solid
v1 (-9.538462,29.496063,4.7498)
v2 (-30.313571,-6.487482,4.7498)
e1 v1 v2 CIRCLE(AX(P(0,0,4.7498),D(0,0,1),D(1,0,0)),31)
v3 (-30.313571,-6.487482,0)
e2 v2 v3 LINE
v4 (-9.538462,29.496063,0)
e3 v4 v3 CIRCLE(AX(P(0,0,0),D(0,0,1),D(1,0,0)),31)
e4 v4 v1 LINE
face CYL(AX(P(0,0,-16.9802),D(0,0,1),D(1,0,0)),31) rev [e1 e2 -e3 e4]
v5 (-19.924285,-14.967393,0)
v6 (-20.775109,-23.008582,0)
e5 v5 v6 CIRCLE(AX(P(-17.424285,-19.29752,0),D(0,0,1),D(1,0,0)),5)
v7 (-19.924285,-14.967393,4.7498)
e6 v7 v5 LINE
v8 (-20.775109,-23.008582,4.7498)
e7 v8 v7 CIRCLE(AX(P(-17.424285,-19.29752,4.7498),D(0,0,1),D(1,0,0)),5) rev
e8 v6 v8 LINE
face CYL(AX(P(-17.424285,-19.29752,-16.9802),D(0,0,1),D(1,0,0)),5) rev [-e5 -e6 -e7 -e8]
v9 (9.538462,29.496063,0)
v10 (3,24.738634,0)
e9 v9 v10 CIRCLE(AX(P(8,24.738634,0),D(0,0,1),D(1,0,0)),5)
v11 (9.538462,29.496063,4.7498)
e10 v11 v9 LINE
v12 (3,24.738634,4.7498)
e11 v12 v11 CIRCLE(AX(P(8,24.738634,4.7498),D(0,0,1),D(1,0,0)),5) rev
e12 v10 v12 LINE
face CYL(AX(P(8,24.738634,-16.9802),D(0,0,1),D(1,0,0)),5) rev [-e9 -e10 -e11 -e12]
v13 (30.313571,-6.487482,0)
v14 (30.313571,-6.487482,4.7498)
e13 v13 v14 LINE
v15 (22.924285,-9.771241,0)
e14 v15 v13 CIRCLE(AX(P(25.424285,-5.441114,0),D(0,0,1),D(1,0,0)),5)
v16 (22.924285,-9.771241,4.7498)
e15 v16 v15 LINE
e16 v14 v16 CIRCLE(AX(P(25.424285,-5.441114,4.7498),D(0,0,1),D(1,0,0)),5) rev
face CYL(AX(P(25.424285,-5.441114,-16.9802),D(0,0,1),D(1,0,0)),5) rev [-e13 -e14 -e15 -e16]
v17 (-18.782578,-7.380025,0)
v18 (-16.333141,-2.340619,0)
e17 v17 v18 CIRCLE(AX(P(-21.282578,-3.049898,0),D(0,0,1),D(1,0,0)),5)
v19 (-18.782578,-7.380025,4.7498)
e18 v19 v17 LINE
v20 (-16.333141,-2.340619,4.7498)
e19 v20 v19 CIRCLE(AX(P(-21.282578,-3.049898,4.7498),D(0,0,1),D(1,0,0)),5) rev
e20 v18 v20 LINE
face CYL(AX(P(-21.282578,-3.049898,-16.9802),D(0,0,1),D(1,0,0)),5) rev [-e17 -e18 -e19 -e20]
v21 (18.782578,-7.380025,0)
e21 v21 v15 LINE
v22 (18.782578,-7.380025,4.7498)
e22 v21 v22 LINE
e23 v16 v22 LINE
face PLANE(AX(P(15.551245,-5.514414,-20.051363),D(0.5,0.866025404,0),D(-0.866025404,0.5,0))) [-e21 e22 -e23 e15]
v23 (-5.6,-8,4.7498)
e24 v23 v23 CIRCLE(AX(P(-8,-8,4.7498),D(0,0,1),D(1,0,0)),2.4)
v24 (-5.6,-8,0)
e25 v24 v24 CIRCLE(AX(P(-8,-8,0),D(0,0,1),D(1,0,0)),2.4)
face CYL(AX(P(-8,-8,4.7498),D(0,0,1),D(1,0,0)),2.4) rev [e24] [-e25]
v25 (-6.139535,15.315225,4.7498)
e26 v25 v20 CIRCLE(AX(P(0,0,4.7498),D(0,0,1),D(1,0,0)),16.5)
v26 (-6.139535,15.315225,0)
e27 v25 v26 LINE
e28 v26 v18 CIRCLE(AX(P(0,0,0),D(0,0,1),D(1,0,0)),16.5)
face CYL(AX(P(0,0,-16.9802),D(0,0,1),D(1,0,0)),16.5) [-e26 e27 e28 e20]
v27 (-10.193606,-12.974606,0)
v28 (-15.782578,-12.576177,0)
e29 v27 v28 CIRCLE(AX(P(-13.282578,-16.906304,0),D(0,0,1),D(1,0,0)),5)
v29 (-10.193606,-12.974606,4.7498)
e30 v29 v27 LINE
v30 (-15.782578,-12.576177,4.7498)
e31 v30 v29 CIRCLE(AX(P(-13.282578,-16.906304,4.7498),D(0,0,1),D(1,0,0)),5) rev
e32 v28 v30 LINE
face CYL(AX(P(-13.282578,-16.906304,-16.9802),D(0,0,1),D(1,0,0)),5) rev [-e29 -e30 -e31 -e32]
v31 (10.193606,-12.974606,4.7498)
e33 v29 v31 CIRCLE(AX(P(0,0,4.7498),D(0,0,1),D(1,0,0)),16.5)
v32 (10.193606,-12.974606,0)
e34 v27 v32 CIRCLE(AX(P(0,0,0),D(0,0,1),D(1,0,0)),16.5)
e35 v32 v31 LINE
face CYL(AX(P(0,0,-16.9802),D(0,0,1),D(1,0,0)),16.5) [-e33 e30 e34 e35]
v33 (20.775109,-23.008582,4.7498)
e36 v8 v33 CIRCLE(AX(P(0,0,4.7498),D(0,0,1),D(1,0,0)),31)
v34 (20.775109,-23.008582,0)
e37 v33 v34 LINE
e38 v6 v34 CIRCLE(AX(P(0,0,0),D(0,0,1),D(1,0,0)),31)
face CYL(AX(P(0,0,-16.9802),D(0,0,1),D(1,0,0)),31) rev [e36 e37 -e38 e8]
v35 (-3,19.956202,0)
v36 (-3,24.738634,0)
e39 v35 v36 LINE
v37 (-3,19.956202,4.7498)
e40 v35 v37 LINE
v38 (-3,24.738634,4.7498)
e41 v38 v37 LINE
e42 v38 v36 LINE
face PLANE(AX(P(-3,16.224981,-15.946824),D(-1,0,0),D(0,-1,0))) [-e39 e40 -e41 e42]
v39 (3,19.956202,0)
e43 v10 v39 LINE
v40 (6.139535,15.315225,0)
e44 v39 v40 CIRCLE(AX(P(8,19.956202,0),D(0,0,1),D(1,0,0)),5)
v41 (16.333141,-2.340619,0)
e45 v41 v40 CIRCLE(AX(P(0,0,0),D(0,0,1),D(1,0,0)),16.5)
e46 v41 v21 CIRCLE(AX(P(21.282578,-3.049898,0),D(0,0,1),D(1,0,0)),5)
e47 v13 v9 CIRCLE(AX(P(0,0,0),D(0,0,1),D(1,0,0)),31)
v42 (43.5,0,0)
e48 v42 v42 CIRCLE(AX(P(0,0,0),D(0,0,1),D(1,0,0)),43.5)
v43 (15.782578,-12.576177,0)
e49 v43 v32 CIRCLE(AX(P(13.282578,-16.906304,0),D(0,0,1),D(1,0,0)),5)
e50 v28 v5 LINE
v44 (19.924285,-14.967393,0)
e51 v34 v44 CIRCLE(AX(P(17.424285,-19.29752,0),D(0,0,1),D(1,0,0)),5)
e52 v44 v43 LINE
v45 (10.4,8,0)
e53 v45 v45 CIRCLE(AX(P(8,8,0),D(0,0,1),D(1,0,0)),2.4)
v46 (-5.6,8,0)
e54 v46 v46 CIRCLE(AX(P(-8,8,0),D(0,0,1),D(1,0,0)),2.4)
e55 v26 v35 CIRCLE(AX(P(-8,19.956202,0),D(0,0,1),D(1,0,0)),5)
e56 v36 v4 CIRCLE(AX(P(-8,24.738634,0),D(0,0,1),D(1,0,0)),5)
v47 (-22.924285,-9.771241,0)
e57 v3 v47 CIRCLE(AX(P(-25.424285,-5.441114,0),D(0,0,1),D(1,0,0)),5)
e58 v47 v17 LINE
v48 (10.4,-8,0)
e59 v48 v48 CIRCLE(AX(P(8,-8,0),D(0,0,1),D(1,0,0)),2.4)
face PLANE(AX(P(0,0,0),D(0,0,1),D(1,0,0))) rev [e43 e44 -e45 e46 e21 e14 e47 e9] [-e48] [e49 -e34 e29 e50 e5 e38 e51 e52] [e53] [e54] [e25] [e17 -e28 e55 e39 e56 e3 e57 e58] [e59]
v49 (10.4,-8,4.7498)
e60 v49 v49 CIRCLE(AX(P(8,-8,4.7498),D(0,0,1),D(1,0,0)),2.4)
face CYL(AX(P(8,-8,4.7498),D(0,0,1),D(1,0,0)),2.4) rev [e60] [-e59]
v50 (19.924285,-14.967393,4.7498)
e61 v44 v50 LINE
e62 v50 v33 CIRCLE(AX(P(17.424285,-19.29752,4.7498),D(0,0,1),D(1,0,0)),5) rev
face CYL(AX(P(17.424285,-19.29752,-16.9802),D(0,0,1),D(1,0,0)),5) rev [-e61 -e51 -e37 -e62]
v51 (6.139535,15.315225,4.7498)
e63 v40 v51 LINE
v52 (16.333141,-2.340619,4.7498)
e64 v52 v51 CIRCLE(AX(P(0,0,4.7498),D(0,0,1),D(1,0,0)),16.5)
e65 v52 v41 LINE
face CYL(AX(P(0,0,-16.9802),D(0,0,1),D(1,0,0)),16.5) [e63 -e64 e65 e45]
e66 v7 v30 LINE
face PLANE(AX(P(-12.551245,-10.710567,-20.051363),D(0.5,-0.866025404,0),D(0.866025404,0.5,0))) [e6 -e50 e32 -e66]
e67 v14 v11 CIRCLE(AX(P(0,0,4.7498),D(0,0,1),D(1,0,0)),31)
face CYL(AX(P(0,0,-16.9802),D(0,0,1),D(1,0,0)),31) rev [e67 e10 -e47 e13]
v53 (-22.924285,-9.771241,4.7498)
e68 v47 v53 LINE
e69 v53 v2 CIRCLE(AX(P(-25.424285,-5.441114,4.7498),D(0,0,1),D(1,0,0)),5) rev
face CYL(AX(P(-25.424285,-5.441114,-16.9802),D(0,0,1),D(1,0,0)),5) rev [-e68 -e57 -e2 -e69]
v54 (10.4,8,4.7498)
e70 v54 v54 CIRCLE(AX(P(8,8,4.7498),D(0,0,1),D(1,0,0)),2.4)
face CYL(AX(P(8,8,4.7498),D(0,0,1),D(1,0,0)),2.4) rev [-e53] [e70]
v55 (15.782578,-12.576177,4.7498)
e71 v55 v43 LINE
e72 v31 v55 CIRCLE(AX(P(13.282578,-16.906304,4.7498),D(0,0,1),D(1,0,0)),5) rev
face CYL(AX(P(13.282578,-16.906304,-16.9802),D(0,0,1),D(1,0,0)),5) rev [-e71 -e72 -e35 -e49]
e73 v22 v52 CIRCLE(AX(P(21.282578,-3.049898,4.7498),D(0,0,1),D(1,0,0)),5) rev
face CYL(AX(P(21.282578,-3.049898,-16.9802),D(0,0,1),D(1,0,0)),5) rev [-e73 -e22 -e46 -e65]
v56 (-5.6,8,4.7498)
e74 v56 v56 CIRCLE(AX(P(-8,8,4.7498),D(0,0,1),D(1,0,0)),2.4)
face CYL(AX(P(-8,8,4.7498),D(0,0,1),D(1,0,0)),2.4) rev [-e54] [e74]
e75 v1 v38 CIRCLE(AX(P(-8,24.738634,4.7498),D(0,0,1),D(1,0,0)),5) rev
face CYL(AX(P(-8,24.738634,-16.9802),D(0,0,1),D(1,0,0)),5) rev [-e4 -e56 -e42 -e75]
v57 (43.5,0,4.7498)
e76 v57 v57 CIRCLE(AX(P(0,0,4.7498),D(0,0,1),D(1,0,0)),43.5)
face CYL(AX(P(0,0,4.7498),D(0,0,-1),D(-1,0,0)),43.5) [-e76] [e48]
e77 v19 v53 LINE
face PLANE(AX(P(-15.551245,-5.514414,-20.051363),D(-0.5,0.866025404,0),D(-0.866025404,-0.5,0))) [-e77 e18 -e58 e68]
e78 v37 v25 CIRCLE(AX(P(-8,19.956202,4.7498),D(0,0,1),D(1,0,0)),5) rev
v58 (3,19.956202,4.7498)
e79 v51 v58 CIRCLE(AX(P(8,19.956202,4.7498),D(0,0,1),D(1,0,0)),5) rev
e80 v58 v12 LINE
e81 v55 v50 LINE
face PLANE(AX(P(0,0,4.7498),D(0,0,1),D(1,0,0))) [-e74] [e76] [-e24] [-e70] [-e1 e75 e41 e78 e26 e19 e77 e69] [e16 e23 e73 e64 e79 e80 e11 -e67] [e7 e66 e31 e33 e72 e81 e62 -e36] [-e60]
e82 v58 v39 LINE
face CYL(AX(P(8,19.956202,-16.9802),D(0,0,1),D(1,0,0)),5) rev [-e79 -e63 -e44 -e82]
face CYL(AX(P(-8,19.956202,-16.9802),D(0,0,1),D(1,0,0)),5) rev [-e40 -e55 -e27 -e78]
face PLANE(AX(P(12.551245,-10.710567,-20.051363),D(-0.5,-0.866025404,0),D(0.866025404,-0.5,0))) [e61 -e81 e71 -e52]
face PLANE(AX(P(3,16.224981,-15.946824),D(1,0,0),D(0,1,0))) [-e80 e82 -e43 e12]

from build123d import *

# Parameters (mm, degrees)
SKETCH1_R            = 43.5
BOSS_EXTRUDE1_DEPTH  = 4.7498
SKETCH2_R            = 31
SKETCH2_R_2          = 16.5
CUT_EXTRUDE1_DEPTH   = 21.73
BOSS_EXTRUDE2_DEPTH  = 4.7498
CIRPATTERN1_COUNT    = 3
FILLET1_R            = 5
M4_CLEARANCE_HOLE1_D = 4.8


with BuildPart() as part:
    # Sketch1 → Boss-Extrude1 (new body)
    with BuildSketch(Plane.XY):
        Circle(SKETCH1_R)
    extrude(amount=BOSS_EXTRUDE1_DEPTH)

    # Sketch2 → Cut-Extrude1 (cut)
    with BuildSketch(Plane.XY.offset(4.7498)):
        Circle(SKETCH2_R)
        Circle(SKETCH2_R_2, mode=Mode.SUBTRACT)
    extrude(amount=-CUT_EXTRUDE1_DEPTH, mode=Mode.SUBTRACT)

    # Sketch3 → Boss-Extrude2 (add)
    with BuildSketch(Plane.XY.offset(4.7498)):
        with BuildLine():
            Line((-3, 16.22498074), (-3, 30.854497241))
            ThreePointArc((-3, 30.854497241), (0, 31), (3, 30.854497241))
            Line((3, 30.854497241), (3, 16.22498074))
            ThreePointArc((3, 16.22498074), (0, 16.5), (-3, 16.22498074))
        make_face()
    boss_extrude2 = extrude(amount=-BOSS_EXTRUDE2_DEPTH)

    # CirPattern1: Boss-Extrude2 ×3 about axis
    cirpattern1_axis = Axis((0, 0, 0), (0, 0, 1))
    for i in range(1, CIRPATTERN1_COUNT):
        add(boss_extrude2.rotate(cirpattern1_axis, i * 360 / CIRPATTERN1_COUNT))

    # Fillet1
    fillet1_edges = [part.edges().sort_by_distance(p)[0] for p in [
        (-15.551245496, -5.514414158, 2.3749),
        (-12.551245496, -10.710566581, 2.3749),
        (-25.220778432, -18.025324832, 2.3749),
        (-28.220778432, -12.829172409, 2.3749),
        (12.551245496, -10.710566581, 2.3749),
        (15.551245496, -5.514414158, 2.3749),
        (28.220778432, -12.829172409, 2.3749),
        (25.220778432, -18.025324832, 2.3749),
        (3, 16.22498074, 2.3749),
        (-3, 16.22498074, 2.3749),
        (-3, 30.854497241, 2.3749),
        (3, 30.854497241, 2.3749),
    ]]
    fillet(fillet1_edges, radius=FILLET1_R)

    # M4 Clearance Hole1 (through all)
    with Locations(Plane.XY.offset(4.7498)):
        with Locations((-8, 8), (-8, -8), (8, -8), (8, 8)):
            Hole(M4_CLEARANCE_HOLE1_D / 2)


solid = part.part
